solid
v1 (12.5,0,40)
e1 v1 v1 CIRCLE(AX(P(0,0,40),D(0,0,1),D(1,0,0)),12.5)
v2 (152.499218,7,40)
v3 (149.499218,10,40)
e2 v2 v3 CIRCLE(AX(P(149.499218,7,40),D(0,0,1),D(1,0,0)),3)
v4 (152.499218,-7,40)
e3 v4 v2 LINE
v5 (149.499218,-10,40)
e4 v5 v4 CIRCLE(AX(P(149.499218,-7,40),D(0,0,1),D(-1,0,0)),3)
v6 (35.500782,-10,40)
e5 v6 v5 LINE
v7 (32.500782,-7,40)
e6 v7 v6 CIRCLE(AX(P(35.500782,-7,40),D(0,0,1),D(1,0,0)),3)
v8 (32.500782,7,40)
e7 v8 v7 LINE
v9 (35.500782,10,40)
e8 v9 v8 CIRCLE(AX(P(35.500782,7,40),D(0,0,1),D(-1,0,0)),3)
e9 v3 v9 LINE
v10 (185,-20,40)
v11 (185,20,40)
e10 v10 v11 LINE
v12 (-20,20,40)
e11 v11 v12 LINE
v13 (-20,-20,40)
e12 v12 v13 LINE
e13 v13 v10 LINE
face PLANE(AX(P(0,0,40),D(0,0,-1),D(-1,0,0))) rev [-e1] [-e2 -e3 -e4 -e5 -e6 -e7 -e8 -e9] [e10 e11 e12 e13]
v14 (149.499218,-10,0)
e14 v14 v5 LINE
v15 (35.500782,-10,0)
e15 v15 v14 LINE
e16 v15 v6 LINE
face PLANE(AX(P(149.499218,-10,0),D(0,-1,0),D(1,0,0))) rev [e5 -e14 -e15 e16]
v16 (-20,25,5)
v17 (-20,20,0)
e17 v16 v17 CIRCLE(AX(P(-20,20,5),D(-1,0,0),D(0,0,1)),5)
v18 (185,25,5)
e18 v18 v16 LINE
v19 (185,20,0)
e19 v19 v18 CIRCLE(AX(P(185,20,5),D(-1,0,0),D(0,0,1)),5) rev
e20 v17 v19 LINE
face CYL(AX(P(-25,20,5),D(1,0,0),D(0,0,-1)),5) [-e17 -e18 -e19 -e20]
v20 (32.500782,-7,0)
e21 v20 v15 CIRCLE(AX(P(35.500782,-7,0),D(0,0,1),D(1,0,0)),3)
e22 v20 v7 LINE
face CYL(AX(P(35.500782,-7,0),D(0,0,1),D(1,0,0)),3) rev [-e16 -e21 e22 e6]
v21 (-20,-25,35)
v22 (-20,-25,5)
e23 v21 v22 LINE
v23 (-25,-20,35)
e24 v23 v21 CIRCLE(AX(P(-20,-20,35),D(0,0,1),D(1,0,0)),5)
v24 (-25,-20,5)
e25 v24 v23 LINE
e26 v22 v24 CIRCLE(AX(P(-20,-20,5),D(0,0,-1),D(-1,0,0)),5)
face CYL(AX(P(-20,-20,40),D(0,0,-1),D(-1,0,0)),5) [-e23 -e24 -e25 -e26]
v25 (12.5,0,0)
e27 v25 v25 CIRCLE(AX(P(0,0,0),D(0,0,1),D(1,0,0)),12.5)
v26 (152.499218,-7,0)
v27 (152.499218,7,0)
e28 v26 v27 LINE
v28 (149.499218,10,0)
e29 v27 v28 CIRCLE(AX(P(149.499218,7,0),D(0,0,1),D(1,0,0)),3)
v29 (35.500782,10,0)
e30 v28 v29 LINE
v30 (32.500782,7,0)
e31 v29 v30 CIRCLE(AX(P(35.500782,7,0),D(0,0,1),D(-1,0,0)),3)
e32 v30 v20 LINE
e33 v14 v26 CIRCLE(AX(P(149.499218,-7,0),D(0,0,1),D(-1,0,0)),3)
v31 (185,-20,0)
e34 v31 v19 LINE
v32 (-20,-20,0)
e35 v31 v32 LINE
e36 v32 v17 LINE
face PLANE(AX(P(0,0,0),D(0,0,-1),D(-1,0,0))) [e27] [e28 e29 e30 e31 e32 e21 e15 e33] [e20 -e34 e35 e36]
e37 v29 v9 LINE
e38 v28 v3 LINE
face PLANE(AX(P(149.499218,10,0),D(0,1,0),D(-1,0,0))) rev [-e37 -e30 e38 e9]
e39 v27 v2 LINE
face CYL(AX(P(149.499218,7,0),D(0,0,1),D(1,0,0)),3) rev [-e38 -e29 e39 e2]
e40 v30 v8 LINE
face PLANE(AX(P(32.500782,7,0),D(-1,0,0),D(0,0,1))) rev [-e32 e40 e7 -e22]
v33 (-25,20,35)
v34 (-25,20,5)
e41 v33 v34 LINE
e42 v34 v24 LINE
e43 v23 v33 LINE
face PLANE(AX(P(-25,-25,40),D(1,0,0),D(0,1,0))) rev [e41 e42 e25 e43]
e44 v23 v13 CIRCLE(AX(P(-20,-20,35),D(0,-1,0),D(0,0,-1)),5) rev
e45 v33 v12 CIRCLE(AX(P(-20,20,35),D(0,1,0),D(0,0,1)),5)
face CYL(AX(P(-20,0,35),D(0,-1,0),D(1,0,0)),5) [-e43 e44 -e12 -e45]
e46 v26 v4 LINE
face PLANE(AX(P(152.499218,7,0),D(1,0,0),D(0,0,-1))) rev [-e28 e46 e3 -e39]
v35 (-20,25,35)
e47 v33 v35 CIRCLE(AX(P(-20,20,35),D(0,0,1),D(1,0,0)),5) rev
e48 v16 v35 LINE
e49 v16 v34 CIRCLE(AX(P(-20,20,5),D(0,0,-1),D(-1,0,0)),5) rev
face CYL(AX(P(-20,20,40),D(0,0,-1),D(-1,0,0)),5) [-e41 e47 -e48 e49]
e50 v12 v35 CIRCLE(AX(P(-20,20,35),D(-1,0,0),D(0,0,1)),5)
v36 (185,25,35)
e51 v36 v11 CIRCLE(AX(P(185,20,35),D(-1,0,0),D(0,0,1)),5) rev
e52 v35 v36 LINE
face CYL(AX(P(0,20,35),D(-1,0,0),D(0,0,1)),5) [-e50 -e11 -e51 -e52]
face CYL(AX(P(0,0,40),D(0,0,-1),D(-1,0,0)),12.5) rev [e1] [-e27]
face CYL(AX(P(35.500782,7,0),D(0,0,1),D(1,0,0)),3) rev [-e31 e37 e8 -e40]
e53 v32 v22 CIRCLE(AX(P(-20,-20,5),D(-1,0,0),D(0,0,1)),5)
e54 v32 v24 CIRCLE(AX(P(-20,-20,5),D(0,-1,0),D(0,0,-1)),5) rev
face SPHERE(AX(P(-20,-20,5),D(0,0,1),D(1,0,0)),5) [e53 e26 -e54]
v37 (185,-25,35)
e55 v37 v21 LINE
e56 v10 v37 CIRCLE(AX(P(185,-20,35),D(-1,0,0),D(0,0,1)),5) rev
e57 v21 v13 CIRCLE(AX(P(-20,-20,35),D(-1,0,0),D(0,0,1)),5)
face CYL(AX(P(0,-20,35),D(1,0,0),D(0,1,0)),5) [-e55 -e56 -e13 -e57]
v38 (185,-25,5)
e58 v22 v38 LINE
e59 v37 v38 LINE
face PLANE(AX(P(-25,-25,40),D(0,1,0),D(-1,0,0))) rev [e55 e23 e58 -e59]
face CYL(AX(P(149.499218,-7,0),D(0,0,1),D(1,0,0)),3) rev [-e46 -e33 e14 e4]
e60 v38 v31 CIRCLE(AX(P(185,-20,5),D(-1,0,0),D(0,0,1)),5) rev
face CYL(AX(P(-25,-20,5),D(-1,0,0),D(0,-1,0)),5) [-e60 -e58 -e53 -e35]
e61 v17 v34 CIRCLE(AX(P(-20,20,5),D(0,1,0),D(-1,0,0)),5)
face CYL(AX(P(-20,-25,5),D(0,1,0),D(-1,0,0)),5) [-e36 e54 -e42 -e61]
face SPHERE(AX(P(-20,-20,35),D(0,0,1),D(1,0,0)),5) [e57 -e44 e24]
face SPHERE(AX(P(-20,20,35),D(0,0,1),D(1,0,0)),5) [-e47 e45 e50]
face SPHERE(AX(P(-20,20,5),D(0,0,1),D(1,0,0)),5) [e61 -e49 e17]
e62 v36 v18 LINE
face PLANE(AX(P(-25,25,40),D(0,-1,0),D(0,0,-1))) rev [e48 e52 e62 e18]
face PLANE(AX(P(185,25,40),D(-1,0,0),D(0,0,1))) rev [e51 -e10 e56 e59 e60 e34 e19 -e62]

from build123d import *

# Parameters (mm, degrees)
CROQUIS1_W              = 210
CROQUIS1_H              = 50
CROQUIS1_R              = 12.5
SALIENTE_EXTRUIR1_DEPTH = 40
REDONDEO1_R             = 5
CORTAR_EXTRUIR1_DEPTH   = 191.91883092


with BuildPart() as part:
    # Croquis1 → Saliente-Extruir1 (new body)
    with BuildSketch(Plane.XY):
        with Locations((80, 0)):
            Rectangle(CROQUIS1_W, CROQUIS1_H)
        Circle(CROQUIS1_R, mode=Mode.SUBTRACT)
    extrude(amount=SALIENTE_EXTRUIR1_DEPTH)

    # Redondeo1
    redondeo1_edges = [part.edges().sort_by_distance(p)[0] for p in [
        (80, 25, 40),
        (-25, 0, 40),
        (80, -25, 40),
        (-25, 0, 0),
        (80, 25, 0),
        (80, -25, 0),
        (-25, -25, 20),
        (-25, 25, 20),
    ]]
    fillet(redondeo1_edges, radius=REDONDEO1_R)

    # Croquis2 → Cortar-Extruir1 (cut, through all)
    with BuildSketch(Plane.XY.offset(40)):
        with BuildLine():
            Line((149.499217678, 10), (35.500782322, 10))
            ThreePointArc((35.500782322, 10), (33.379461979, 9.121320344), (32.500782322, 7))
            Line((32.500782322, 7), (32.500782322, -7))
            ThreePointArc((32.500782322, -7), (33.379461979, -9.121320344), (35.500782322, -10))
            Line((35.500782322, -10), (149.499217678, -10))
            ThreePointArc((149.499217678, -10), (151.620538021, -9.121320344), (152.499217678, -7))
            Line((152.499217678, -7), (152.499217678, 7))
            ThreePointArc((152.499217678, 7), (151.620538021, 9.121320344), (149.499217678, 10))
        make_face()
    extrude(amount=-CORTAR_EXTRUIR1_DEPTH, mode=Mode.SUBTRACT)


solid = part.part
